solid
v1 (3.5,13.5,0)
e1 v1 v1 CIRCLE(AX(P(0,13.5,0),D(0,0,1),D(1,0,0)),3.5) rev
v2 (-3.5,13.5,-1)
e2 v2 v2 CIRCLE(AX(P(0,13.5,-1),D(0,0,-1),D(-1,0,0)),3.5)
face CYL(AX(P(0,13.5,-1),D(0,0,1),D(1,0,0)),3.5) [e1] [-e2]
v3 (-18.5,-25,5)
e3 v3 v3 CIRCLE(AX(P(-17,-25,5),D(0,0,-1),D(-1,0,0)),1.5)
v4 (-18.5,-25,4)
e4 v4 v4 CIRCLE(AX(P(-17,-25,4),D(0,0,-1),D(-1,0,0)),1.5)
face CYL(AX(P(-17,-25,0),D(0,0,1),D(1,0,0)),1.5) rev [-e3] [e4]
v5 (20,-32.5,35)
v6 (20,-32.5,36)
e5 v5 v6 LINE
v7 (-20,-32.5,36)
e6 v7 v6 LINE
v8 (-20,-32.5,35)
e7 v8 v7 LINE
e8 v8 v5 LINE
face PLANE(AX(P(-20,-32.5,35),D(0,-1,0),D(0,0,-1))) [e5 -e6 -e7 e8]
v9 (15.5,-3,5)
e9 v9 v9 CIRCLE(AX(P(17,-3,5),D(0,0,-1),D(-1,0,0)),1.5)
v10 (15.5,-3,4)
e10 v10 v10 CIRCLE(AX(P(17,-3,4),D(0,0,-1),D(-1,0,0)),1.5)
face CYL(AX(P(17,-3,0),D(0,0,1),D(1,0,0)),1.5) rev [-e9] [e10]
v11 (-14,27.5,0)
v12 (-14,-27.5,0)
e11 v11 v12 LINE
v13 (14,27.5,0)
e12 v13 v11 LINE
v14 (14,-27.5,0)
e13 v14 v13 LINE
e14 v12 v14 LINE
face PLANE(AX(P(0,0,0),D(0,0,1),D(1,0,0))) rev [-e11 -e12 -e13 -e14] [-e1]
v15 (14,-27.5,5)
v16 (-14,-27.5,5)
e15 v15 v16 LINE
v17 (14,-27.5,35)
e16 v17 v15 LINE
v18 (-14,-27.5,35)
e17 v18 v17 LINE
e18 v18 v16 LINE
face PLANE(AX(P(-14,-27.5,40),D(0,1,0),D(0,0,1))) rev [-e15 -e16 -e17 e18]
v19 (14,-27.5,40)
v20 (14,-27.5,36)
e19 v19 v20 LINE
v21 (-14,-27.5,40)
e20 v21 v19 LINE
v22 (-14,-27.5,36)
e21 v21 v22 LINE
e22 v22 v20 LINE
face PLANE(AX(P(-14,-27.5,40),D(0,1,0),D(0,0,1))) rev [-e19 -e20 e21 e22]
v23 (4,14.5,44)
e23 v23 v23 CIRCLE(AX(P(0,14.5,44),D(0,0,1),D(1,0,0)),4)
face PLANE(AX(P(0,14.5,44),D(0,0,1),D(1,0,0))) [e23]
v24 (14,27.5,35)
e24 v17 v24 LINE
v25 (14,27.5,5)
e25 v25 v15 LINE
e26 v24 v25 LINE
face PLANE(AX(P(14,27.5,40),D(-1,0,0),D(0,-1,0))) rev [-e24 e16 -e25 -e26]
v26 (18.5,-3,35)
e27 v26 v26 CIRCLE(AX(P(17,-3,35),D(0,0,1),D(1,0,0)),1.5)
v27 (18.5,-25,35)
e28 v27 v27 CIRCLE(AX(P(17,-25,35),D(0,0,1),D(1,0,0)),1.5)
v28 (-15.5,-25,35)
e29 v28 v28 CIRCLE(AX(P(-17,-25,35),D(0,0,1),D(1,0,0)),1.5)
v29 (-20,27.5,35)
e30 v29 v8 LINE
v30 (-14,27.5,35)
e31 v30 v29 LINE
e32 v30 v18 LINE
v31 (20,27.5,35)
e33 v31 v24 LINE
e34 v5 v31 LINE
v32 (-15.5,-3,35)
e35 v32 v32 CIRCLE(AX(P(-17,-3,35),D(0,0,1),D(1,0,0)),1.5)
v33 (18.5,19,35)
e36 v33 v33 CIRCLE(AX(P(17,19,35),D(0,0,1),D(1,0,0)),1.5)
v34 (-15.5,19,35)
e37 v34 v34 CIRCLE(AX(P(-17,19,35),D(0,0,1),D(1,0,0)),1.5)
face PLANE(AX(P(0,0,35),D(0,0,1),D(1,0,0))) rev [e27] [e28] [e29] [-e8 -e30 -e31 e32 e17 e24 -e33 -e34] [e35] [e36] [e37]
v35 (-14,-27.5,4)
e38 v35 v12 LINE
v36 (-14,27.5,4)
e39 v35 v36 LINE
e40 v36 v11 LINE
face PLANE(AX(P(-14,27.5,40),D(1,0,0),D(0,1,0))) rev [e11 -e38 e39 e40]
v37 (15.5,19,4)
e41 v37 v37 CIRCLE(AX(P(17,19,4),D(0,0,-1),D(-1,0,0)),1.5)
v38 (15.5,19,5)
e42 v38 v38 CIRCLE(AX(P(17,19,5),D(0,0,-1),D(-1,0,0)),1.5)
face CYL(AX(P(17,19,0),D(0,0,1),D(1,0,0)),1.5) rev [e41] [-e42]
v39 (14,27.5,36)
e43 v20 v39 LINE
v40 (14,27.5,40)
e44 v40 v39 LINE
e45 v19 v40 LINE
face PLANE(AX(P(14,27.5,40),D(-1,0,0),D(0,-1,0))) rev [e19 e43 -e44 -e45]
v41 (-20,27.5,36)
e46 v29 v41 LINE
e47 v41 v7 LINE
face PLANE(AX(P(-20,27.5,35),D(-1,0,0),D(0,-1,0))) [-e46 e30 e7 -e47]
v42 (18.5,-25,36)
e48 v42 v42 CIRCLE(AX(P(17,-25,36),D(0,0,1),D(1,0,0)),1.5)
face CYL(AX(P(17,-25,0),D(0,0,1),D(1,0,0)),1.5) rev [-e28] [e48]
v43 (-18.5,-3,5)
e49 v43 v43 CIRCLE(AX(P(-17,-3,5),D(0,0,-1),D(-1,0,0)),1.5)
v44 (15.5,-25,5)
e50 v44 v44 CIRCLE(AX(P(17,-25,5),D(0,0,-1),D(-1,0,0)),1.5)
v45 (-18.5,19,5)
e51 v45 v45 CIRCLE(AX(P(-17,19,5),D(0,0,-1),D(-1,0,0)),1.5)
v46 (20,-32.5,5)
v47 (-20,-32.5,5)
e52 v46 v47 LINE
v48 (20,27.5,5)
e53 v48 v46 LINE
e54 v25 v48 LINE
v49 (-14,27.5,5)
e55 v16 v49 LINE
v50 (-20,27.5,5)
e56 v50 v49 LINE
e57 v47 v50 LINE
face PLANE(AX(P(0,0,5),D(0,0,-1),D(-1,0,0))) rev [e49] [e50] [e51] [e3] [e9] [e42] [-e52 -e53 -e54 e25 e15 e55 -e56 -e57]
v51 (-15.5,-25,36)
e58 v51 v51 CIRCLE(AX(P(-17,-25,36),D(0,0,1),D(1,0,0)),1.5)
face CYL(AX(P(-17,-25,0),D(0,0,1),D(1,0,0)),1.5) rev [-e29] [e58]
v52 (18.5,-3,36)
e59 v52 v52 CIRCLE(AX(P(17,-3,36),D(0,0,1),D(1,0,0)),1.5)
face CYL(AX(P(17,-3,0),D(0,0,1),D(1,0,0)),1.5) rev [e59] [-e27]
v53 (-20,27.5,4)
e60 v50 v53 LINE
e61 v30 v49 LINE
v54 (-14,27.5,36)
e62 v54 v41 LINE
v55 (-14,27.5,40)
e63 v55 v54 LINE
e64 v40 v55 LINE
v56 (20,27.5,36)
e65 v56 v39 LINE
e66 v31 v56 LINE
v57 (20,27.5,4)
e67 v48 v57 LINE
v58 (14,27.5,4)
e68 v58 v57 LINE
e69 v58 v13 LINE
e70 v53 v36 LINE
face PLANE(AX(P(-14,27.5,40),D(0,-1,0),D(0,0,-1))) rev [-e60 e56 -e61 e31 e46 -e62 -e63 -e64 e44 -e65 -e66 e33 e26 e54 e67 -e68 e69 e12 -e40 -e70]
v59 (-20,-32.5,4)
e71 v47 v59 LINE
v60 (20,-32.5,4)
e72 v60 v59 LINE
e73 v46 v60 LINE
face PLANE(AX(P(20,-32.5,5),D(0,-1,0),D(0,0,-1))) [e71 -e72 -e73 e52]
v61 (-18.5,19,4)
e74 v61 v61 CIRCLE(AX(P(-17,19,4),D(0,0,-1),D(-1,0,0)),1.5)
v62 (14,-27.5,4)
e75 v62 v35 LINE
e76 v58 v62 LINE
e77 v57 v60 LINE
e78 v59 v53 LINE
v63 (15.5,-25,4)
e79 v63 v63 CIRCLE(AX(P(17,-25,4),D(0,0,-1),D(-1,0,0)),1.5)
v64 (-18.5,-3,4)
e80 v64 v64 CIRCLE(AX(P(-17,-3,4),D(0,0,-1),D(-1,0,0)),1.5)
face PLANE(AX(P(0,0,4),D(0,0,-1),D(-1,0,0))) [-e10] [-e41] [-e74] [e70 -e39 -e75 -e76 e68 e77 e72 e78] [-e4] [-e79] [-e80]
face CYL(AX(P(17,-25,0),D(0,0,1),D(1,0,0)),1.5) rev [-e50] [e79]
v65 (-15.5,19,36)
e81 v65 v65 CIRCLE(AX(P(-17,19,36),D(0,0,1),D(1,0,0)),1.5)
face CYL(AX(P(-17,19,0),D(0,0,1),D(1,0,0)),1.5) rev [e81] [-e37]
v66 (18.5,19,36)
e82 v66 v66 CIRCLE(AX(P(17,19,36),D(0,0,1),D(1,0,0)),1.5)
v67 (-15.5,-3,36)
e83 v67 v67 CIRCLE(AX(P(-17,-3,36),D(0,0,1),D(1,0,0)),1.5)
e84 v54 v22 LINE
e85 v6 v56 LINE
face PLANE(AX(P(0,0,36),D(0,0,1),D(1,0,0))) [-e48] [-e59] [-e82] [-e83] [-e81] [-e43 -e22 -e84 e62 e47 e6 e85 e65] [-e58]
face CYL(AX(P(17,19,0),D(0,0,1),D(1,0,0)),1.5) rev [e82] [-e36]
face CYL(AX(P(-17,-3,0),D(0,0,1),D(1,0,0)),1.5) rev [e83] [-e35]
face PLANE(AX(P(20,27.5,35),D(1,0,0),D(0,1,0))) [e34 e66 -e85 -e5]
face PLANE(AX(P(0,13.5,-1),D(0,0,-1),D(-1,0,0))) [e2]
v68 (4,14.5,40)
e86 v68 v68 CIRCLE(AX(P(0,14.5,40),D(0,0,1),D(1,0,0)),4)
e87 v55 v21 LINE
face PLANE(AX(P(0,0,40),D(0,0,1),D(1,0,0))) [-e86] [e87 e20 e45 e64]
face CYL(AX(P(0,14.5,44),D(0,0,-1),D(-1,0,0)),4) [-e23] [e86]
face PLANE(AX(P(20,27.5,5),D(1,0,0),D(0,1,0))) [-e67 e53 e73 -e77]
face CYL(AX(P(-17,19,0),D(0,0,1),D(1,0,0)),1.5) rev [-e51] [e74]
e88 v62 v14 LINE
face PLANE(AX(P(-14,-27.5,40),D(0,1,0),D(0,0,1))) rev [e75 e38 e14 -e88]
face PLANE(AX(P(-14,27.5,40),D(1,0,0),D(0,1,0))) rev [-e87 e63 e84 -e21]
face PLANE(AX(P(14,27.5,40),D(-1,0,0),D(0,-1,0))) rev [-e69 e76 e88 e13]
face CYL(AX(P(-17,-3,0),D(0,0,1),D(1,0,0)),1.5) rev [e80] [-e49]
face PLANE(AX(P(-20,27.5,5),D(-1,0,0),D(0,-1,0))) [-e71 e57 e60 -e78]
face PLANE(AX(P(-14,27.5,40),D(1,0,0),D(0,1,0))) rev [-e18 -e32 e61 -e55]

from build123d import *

# Parameters (mm, degrees)
SKETCH1_W           = 28
SKETCH1_H           = 55
BOSS_EXTRUDE1_DEPTH = 40
SKETCH3_W           = 40
SKETCH3_H           = 60
BOSS_EXTRUDE2_DEPTH = 1
SKETCH4_W           = 40
SKETCH4_H           = 60
BOSS_EXTRUDE3_DEPTH = 1
SKETCH5_R           = 1.5
CUT_EXTRUDE1_DEPTH  = 53.46189093
SKETCH6_R           = 4
BOSS_EXTRUDE4_DEPTH = 4
SKETCH7_R           = 3.5
BOSS_EXTRUDE5_DEPTH = 1


with BuildPart() as part:
    # Sketch1 → Boss-Extrude1 (new body)
    with BuildSketch(Plane.XY):
        with Locations((-6e-08, 0)):
            Rectangle(SKETCH1_W, SKETCH1_H)
    extrude(amount=BOSS_EXTRUDE1_DEPTH)

    # Sketch3 → Boss-Extrude2 (add)
    with BuildSketch(Plane.XY.offset(36)):
        with Locations((0, -2.5)):
            Rectangle(SKETCH3_W, SKETCH3_H)
    extrude(amount=-BOSS_EXTRUDE2_DEPTH)

    # Sketch4 → Boss-Extrude3 (add)
    with BuildSketch(Plane(origin=(0, 0, 4), x_dir=(-1, 0, 0), z_dir=(0, 0, -1))):
        with Locations((0, -2.5)):
            Rectangle(SKETCH4_W, SKETCH4_H)
    extrude(amount=-BOSS_EXTRUDE3_DEPTH)

    # Sketch5 → Cut-Extrude1 (cut, through all)
    with BuildSketch(Plane.XY.offset(36)):
        with Locations(Location((-17, 19, 0), (0, 0, 180))):
            Circle(SKETCH5_R)
        with Locations(Location((17, 18.999999934, 0), (0, 0, 180))):
            Circle(SKETCH5_R)
        with Locations(Location((-17, -3, 0), (0, 0, 180))):
            Circle(SKETCH5_R)
        with Locations(Location((17, -3.000000066, 0), (0, 0, 180))):
            Circle(SKETCH5_R)
        with Locations(Location((17, -25.000000066, 0), (0, 0, 180))):
            Circle(SKETCH5_R)
        with Locations(Location((-17, -25, 0), (0, 0, 180))):
            Circle(SKETCH5_R)
    extrude(amount=-CUT_EXTRUDE1_DEPTH, mode=Mode.SUBTRACT)

    # Sketch6 → Boss-Extrude4 (add)
    with BuildSketch(Plane.XY.offset(40)):
        with Locations((0, 14.5)):
            Circle(SKETCH6_R)
    extrude(amount=BOSS_EXTRUDE4_DEPTH)

    # Sketch7 → Boss-Extrude5 (add)
    with BuildSketch(Plane(origin=(0, 0, 0), x_dir=(-1, 0, 0), z_dir=(0, 0, -1))):
        with Locations(Location((0, 13.5, 0), (0, 0, 180))):
            Circle(SKETCH7_R)
    extrude(amount=BOSS_EXTRUDE5_DEPTH)


solid = part.part
